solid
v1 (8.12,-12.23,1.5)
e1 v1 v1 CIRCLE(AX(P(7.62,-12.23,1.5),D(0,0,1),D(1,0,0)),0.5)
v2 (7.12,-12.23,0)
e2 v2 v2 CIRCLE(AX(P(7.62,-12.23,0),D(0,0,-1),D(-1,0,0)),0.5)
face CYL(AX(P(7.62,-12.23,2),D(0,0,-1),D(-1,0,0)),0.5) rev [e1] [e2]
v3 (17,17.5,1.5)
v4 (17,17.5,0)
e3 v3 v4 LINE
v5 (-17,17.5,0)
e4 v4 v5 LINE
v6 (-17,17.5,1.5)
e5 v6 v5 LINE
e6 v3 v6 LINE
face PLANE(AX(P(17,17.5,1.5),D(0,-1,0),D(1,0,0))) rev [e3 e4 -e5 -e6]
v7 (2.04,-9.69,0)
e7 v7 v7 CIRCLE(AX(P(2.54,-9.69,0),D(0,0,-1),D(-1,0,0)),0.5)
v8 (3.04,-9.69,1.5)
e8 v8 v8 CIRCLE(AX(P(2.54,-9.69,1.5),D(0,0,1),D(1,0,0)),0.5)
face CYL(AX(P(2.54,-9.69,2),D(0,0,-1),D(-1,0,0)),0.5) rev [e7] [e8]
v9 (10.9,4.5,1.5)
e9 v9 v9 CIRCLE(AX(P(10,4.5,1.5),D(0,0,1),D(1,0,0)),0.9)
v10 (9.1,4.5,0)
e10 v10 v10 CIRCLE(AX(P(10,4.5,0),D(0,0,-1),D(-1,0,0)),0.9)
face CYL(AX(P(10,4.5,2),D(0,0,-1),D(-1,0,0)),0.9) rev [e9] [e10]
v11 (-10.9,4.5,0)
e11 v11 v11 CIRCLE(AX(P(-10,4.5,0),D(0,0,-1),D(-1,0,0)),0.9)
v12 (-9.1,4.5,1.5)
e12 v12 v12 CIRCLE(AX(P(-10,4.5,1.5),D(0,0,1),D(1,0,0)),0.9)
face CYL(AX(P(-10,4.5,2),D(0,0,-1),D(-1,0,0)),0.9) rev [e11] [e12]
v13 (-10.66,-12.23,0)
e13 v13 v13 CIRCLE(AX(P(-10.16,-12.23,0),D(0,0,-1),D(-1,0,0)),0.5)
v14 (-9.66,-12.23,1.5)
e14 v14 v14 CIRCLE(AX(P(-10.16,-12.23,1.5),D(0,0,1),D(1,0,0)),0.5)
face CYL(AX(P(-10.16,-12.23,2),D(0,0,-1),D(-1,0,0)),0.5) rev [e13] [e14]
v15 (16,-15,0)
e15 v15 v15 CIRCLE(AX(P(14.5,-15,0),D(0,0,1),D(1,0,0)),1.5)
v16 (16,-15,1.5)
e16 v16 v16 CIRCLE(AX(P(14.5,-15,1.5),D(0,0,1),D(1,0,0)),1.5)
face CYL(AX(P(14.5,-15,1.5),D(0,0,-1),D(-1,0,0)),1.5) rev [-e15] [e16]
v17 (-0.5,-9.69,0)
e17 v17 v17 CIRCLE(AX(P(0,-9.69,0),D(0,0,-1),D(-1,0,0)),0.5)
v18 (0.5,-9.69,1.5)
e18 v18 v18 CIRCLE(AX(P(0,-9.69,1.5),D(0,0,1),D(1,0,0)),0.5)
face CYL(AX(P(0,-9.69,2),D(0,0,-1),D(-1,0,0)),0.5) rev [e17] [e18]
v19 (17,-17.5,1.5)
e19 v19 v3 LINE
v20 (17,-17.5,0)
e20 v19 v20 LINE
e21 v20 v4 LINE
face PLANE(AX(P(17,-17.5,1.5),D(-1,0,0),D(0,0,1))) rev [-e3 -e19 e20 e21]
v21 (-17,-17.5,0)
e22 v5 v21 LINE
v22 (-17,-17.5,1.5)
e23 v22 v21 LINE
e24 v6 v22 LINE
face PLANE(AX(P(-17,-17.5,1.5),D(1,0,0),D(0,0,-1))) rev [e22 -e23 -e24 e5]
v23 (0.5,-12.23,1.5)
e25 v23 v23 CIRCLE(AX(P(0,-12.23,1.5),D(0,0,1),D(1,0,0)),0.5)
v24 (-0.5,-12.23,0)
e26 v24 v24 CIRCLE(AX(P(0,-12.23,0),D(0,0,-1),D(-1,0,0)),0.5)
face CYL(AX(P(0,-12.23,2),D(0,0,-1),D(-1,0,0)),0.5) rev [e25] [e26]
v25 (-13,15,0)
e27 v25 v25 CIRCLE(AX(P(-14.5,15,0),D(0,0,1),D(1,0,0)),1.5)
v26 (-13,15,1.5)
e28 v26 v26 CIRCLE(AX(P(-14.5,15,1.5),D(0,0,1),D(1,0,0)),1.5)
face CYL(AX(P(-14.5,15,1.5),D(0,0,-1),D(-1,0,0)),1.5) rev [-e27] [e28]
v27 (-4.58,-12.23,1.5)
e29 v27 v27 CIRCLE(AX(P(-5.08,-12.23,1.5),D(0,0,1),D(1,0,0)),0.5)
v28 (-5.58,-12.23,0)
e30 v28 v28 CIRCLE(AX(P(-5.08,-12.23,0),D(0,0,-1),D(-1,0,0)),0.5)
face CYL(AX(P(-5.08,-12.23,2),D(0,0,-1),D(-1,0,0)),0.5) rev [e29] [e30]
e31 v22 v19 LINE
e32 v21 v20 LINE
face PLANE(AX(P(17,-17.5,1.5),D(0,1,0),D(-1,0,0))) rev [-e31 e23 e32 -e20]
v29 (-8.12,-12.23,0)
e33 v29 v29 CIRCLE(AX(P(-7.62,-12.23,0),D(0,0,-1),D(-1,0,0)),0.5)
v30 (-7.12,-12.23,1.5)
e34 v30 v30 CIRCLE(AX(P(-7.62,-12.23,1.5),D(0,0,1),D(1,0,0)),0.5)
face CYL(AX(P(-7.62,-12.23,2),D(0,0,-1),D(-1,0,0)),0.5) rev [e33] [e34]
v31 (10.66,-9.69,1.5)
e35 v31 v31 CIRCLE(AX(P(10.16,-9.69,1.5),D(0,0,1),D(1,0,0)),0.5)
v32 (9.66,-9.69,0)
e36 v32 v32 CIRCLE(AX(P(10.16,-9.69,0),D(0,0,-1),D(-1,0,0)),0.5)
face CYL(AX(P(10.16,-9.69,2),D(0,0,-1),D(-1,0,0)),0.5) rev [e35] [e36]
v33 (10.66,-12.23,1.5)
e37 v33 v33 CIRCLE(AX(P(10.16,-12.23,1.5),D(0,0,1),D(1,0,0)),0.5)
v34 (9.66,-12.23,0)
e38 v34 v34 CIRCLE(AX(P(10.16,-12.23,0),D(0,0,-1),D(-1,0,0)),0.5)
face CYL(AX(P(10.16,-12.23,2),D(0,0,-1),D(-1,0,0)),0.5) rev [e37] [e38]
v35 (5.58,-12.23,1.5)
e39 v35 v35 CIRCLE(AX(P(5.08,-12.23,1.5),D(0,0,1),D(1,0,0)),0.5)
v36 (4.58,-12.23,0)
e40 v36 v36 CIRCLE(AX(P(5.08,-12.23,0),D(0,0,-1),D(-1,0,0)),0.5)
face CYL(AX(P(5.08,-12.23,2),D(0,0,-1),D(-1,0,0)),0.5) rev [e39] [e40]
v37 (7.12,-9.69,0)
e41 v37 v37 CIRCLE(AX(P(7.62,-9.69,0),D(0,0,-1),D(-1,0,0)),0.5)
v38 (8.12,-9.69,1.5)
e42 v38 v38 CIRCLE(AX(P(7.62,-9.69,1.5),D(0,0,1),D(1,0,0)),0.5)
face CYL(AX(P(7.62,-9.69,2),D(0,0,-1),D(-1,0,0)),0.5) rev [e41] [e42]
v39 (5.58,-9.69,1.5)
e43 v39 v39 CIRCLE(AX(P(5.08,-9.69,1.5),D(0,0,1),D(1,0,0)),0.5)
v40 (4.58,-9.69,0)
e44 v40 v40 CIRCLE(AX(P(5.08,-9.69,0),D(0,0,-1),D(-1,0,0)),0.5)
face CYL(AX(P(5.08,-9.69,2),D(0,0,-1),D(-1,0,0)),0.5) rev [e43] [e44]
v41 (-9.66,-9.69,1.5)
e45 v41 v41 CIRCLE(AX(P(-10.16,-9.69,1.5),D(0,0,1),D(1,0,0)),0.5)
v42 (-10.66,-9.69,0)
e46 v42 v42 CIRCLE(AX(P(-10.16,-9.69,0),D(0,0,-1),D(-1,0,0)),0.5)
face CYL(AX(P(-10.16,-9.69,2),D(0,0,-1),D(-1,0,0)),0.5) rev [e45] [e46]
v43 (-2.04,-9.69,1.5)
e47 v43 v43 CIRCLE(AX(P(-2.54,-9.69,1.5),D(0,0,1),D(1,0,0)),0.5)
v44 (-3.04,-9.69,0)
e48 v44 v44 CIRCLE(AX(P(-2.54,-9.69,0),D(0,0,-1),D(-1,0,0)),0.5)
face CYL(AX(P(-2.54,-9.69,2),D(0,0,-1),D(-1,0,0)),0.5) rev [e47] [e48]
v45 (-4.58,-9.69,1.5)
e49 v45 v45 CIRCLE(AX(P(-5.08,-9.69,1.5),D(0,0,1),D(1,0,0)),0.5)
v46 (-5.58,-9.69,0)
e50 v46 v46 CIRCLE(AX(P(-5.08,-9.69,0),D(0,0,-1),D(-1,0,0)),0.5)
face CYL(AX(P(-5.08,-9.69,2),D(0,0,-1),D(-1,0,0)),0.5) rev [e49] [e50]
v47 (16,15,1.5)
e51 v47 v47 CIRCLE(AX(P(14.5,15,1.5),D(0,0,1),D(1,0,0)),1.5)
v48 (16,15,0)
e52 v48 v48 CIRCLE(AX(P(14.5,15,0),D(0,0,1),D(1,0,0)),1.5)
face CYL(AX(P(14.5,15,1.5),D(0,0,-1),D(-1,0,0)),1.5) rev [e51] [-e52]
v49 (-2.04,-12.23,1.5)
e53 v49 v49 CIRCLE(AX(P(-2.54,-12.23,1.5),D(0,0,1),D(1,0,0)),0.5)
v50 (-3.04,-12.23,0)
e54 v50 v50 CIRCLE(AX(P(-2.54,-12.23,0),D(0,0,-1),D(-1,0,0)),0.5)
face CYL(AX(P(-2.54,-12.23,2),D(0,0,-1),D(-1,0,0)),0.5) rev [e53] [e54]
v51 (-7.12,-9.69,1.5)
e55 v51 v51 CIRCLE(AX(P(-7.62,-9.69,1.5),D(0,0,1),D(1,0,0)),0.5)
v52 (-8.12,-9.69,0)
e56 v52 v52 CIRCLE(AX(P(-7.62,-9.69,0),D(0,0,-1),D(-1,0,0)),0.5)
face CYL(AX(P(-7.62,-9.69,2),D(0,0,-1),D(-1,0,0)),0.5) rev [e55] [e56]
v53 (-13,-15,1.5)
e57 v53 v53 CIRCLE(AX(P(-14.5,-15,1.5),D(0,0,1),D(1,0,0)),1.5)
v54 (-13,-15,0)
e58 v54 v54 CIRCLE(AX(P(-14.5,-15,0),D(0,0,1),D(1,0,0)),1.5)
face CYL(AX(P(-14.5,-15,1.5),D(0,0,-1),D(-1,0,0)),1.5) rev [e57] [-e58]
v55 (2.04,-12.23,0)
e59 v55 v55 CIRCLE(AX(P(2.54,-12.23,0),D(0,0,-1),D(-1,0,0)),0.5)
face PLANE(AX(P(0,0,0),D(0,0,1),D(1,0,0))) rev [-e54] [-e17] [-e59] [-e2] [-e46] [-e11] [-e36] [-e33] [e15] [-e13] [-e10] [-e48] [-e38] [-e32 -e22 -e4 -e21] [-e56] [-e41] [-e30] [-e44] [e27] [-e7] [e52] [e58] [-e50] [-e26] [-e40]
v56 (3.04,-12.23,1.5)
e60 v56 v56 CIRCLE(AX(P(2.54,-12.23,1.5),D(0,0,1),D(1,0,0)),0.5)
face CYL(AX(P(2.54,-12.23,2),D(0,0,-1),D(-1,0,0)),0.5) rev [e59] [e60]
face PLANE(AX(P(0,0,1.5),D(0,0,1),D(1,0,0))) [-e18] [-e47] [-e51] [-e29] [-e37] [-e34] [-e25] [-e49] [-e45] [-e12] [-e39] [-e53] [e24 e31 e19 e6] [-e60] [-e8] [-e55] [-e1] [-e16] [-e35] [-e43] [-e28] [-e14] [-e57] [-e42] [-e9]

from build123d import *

# Parameters (mm, degrees)
SKETCH1_W   = 34
SKETCH1_H   = 35
SKETCH1_R   = 1.5
BOARD_DEPTH = 1.5
SKETCH2_R   = 0.9
SKETCH2_R_2 = 0.5
HOLES_DEPTH = 2


with BuildPart() as part:
    # Sketch1 → Board (new body)
    with BuildSketch(Plane.XY):
        Rectangle(SKETCH1_W, SKETCH1_H)
        with Locations((-14.5, 15)):
            Circle(SKETCH1_R, mode=Mode.SUBTRACT)
        with Locations((-14.5, -15)):
            Circle(SKETCH1_R, mode=Mode.SUBTRACT)
        with Locations((14.5, -15)):
            Circle(SKETCH1_R, mode=Mode.SUBTRACT)
        with Locations((14.5, 15)):
            Circle(SKETCH1_R, mode=Mode.SUBTRACT)
    extrude(amount=BOARD_DEPTH)

    # Sketch2 → Holes (cut)
    with BuildSketch(Plane(origin=(0, 0, 0), x_dir=(-1, 0, 0), z_dir=(0, 0, -1))):
        with Locations((-10, 4.5)):
            Circle(SKETCH2_R)
        with Locations((10, 4.5)):
            Circle(SKETCH2_R)
        with Locations((10.16, -9.69)):
            Circle(SKETCH2_R_2)
        with Locations((10.16, -12.23)):
            Circle(SKETCH2_R_2)
        with Locations((7.62, -12.23)):
            Circle(SKETCH2_R_2)
        with Locations((7.62, -9.69)):
            Circle(SKETCH2_R_2)
        with Locations((5.08, -12.23)):
            Circle(SKETCH2_R_2)
        with Locations((5.08, -9.69)):
            Circle(SKETCH2_R_2)
        with Locations((2.54, -12.23)):
            Circle(SKETCH2_R_2)
        with Locations((2.54, -9.69)):
            Circle(SKETCH2_R_2)
        with Locations((0, -12.23)):
            Circle(SKETCH2_R_2)
        with Locations((0, -9.69)):
            Circle(SKETCH2_R_2)
        with Locations((-2.54, -12.23)):
            Circle(SKETCH2_R_2)
        with Locations((-2.54, -9.69)):
            Circle(SKETCH2_R_2)
        with Locations((-5.08, -12.23)):
            Circle(SKETCH2_R_2)
        with Locations((-5.08, -9.69)):
            Circle(SKETCH2_R_2)
        with Locations((-7.62, -12.23)):
            Circle(SKETCH2_R_2)
        with Locations((-7.62, -9.69)):
            Circle(SKETCH2_R_2)
        with Locations((-10.16, -12.23)):
            Circle(SKETCH2_R_2)
        with Locations((-10.16, -9.69)):
            Circle(SKETCH2_R_2)
    extrude(amount=-HOLES_DEPTH, mode=Mode.SUBTRACT)


solid = part.part
